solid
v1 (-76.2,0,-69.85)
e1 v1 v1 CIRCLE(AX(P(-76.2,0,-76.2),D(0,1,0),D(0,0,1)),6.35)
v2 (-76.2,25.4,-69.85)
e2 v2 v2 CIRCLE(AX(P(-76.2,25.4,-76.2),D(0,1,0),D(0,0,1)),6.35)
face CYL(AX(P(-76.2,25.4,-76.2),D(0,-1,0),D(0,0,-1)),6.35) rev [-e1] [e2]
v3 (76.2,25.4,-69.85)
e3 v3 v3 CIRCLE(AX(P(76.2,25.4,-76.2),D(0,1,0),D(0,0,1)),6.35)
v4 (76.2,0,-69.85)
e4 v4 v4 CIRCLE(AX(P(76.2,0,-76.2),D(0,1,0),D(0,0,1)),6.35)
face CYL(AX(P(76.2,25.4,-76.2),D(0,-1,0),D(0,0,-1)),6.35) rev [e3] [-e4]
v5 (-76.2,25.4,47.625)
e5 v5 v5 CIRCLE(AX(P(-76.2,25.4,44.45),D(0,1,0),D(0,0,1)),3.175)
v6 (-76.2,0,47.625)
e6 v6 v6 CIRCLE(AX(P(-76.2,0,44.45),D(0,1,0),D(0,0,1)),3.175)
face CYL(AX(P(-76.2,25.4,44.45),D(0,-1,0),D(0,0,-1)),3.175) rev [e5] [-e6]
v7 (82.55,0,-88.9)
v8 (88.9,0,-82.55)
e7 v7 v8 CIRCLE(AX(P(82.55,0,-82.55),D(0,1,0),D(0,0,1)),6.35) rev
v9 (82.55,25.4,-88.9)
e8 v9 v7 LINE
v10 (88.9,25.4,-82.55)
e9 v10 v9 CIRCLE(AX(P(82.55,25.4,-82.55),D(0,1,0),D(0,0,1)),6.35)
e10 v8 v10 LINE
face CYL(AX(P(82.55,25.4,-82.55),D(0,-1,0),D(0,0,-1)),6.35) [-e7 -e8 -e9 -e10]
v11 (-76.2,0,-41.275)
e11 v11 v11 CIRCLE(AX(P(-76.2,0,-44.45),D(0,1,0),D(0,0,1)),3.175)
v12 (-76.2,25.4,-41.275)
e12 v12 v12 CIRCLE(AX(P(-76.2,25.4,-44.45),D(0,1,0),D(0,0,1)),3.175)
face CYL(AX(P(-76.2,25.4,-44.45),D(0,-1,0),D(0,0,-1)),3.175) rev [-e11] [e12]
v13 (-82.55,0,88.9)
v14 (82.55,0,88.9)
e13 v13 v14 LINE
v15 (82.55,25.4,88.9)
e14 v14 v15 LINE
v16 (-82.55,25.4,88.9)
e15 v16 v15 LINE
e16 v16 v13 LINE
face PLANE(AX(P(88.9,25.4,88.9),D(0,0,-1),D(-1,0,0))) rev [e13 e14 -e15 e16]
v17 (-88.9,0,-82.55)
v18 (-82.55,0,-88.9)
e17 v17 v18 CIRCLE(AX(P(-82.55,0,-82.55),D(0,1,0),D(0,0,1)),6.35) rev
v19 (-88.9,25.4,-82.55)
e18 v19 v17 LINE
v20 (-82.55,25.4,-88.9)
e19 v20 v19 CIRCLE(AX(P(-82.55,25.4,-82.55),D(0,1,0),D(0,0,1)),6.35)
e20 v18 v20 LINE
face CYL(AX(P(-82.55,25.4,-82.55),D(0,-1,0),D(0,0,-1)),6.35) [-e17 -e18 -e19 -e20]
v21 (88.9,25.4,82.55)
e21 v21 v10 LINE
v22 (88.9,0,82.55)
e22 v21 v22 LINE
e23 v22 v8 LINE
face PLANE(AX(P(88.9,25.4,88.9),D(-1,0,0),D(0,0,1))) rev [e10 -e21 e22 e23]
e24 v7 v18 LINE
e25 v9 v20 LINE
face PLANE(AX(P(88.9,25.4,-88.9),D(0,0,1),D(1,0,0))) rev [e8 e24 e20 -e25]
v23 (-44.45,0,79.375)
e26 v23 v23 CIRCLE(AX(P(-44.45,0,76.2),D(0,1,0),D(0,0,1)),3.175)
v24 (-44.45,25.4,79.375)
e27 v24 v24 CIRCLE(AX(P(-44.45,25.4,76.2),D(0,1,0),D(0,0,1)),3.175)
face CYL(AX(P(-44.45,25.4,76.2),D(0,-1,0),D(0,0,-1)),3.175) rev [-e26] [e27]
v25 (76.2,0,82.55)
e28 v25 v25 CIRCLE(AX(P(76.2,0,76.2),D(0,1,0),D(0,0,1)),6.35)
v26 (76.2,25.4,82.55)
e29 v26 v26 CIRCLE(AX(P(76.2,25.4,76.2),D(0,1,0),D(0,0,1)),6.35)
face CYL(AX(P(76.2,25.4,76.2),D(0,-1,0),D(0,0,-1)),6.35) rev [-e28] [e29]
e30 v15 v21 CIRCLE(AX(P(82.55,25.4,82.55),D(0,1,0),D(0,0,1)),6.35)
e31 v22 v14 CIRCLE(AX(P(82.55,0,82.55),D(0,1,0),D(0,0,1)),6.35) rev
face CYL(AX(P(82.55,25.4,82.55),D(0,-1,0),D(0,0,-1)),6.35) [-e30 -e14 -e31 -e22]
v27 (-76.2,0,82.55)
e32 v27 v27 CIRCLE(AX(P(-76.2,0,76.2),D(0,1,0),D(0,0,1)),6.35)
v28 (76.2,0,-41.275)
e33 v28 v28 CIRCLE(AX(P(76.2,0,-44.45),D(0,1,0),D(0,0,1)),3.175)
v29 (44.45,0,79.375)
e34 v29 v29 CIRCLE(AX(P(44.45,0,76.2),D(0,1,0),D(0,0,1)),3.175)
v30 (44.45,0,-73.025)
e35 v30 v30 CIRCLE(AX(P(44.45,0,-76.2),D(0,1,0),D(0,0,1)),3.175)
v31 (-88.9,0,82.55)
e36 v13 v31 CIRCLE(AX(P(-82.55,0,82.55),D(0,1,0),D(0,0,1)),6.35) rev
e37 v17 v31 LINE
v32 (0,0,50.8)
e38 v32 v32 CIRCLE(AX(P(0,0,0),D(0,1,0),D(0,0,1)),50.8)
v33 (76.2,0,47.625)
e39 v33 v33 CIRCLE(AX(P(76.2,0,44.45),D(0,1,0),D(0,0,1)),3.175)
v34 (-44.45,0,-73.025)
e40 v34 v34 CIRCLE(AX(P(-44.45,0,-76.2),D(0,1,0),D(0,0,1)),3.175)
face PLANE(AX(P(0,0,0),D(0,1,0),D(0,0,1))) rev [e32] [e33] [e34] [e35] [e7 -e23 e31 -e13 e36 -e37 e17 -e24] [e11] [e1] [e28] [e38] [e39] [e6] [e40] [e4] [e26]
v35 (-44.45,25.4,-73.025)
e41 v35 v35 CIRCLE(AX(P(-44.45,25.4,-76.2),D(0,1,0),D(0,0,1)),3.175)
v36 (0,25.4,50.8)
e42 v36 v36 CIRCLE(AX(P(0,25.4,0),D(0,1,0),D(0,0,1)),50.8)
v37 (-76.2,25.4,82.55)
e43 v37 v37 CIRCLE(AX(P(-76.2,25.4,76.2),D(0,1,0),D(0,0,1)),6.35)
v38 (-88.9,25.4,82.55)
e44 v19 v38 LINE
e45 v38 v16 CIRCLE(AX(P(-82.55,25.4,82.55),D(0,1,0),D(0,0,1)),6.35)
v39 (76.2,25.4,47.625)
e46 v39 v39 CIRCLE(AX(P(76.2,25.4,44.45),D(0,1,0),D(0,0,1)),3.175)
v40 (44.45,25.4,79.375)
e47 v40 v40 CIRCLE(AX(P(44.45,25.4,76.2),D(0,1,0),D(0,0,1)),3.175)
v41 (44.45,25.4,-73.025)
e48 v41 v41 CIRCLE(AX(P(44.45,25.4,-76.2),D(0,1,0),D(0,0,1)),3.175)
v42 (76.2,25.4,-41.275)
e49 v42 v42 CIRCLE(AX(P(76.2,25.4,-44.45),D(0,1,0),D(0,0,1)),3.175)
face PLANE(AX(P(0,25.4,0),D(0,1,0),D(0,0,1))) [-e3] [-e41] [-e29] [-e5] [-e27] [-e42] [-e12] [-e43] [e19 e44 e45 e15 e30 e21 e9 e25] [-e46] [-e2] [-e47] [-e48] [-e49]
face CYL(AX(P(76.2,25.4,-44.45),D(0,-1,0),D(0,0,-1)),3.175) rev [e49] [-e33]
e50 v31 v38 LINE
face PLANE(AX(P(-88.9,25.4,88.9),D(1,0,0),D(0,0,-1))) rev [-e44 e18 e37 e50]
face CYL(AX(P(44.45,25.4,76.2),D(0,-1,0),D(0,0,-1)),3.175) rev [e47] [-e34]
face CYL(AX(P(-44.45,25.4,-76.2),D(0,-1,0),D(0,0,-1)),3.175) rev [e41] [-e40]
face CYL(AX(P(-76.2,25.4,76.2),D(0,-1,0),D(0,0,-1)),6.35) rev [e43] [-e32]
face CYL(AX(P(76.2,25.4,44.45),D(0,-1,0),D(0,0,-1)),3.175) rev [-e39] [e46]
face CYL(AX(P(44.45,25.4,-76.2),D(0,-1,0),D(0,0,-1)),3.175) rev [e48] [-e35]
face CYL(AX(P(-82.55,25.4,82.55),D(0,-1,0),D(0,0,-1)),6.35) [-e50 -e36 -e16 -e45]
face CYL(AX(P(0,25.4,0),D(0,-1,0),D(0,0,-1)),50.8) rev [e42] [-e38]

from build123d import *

# Parameters (mm, degrees)
SKETCH1_W           = 177.8
SKETCH1_H           = 177.8
SKETCH1_R           = 50.8
SKETCH1_R_2         = 3.175
SKETCH1_R_3         = 6.35
BOSS_EXTRUDE1_DEPTH = 25.4
FILLET1_R           = 6.35


with BuildPart() as part:
    # Sketch1 → Boss-Extrude1 (new body)
    with BuildSketch(Plane(origin=(0, 0, 0), x_dir=(1, 0, 0), z_dir=(0, 1, 0))):
        Rectangle(SKETCH1_W, SKETCH1_H)
        Circle(SKETCH1_R, mode=Mode.SUBTRACT)
        with Locations((44.45, 76.2)):
            Circle(SKETCH1_R_2, mode=Mode.SUBTRACT)
        with Locations((-44.45, 76.2)):
            Circle(SKETCH1_R_2, mode=Mode.SUBTRACT)
        with Locations((-76.2, 76.2)):
            Circle(SKETCH1_R_3, mode=Mode.SUBTRACT)
        with Locations((-76.2, -76.2)):
            Circle(SKETCH1_R_3, mode=Mode.SUBTRACT)
        with Locations((76.2, -76.2)):
            Circle(SKETCH1_R_3, mode=Mode.SUBTRACT)
        with Locations((76.2, 76.2)):
            Circle(SKETCH1_R_3, mode=Mode.SUBTRACT)
        with Locations((76.2, 44.45)):
            Circle(SKETCH1_R_2, mode=Mode.SUBTRACT)
        with Locations((76.2, -44.45)):
            Circle(SKETCH1_R_2, mode=Mode.SUBTRACT)
        with Locations((44.45, -76.2)):
            Circle(SKETCH1_R_2, mode=Mode.SUBTRACT)
        with Locations((-44.45, -76.2)):
            Circle(SKETCH1_R_2, mode=Mode.SUBTRACT)
        with Locations((-76.2, -44.45)):
            Circle(SKETCH1_R_2, mode=Mode.SUBTRACT)
        with Locations((-76.2, 44.45)):
            Circle(SKETCH1_R_2, mode=Mode.SUBTRACT)
    extrude(amount=BOSS_EXTRUDE1_DEPTH)

    # Fillet1
    fillet1_edges = [part.edges().sort_by_distance(p)[0] for p in [
        (-88.9, 12.7, -88.9),
        (88.9, 12.7, -88.9),
        (88.9, 12.7, 88.9),
        (-88.9, 12.7, 88.9),
    ]]
    fillet(fillet1_edges, radius=FILLET1_R)


solid = part.part
